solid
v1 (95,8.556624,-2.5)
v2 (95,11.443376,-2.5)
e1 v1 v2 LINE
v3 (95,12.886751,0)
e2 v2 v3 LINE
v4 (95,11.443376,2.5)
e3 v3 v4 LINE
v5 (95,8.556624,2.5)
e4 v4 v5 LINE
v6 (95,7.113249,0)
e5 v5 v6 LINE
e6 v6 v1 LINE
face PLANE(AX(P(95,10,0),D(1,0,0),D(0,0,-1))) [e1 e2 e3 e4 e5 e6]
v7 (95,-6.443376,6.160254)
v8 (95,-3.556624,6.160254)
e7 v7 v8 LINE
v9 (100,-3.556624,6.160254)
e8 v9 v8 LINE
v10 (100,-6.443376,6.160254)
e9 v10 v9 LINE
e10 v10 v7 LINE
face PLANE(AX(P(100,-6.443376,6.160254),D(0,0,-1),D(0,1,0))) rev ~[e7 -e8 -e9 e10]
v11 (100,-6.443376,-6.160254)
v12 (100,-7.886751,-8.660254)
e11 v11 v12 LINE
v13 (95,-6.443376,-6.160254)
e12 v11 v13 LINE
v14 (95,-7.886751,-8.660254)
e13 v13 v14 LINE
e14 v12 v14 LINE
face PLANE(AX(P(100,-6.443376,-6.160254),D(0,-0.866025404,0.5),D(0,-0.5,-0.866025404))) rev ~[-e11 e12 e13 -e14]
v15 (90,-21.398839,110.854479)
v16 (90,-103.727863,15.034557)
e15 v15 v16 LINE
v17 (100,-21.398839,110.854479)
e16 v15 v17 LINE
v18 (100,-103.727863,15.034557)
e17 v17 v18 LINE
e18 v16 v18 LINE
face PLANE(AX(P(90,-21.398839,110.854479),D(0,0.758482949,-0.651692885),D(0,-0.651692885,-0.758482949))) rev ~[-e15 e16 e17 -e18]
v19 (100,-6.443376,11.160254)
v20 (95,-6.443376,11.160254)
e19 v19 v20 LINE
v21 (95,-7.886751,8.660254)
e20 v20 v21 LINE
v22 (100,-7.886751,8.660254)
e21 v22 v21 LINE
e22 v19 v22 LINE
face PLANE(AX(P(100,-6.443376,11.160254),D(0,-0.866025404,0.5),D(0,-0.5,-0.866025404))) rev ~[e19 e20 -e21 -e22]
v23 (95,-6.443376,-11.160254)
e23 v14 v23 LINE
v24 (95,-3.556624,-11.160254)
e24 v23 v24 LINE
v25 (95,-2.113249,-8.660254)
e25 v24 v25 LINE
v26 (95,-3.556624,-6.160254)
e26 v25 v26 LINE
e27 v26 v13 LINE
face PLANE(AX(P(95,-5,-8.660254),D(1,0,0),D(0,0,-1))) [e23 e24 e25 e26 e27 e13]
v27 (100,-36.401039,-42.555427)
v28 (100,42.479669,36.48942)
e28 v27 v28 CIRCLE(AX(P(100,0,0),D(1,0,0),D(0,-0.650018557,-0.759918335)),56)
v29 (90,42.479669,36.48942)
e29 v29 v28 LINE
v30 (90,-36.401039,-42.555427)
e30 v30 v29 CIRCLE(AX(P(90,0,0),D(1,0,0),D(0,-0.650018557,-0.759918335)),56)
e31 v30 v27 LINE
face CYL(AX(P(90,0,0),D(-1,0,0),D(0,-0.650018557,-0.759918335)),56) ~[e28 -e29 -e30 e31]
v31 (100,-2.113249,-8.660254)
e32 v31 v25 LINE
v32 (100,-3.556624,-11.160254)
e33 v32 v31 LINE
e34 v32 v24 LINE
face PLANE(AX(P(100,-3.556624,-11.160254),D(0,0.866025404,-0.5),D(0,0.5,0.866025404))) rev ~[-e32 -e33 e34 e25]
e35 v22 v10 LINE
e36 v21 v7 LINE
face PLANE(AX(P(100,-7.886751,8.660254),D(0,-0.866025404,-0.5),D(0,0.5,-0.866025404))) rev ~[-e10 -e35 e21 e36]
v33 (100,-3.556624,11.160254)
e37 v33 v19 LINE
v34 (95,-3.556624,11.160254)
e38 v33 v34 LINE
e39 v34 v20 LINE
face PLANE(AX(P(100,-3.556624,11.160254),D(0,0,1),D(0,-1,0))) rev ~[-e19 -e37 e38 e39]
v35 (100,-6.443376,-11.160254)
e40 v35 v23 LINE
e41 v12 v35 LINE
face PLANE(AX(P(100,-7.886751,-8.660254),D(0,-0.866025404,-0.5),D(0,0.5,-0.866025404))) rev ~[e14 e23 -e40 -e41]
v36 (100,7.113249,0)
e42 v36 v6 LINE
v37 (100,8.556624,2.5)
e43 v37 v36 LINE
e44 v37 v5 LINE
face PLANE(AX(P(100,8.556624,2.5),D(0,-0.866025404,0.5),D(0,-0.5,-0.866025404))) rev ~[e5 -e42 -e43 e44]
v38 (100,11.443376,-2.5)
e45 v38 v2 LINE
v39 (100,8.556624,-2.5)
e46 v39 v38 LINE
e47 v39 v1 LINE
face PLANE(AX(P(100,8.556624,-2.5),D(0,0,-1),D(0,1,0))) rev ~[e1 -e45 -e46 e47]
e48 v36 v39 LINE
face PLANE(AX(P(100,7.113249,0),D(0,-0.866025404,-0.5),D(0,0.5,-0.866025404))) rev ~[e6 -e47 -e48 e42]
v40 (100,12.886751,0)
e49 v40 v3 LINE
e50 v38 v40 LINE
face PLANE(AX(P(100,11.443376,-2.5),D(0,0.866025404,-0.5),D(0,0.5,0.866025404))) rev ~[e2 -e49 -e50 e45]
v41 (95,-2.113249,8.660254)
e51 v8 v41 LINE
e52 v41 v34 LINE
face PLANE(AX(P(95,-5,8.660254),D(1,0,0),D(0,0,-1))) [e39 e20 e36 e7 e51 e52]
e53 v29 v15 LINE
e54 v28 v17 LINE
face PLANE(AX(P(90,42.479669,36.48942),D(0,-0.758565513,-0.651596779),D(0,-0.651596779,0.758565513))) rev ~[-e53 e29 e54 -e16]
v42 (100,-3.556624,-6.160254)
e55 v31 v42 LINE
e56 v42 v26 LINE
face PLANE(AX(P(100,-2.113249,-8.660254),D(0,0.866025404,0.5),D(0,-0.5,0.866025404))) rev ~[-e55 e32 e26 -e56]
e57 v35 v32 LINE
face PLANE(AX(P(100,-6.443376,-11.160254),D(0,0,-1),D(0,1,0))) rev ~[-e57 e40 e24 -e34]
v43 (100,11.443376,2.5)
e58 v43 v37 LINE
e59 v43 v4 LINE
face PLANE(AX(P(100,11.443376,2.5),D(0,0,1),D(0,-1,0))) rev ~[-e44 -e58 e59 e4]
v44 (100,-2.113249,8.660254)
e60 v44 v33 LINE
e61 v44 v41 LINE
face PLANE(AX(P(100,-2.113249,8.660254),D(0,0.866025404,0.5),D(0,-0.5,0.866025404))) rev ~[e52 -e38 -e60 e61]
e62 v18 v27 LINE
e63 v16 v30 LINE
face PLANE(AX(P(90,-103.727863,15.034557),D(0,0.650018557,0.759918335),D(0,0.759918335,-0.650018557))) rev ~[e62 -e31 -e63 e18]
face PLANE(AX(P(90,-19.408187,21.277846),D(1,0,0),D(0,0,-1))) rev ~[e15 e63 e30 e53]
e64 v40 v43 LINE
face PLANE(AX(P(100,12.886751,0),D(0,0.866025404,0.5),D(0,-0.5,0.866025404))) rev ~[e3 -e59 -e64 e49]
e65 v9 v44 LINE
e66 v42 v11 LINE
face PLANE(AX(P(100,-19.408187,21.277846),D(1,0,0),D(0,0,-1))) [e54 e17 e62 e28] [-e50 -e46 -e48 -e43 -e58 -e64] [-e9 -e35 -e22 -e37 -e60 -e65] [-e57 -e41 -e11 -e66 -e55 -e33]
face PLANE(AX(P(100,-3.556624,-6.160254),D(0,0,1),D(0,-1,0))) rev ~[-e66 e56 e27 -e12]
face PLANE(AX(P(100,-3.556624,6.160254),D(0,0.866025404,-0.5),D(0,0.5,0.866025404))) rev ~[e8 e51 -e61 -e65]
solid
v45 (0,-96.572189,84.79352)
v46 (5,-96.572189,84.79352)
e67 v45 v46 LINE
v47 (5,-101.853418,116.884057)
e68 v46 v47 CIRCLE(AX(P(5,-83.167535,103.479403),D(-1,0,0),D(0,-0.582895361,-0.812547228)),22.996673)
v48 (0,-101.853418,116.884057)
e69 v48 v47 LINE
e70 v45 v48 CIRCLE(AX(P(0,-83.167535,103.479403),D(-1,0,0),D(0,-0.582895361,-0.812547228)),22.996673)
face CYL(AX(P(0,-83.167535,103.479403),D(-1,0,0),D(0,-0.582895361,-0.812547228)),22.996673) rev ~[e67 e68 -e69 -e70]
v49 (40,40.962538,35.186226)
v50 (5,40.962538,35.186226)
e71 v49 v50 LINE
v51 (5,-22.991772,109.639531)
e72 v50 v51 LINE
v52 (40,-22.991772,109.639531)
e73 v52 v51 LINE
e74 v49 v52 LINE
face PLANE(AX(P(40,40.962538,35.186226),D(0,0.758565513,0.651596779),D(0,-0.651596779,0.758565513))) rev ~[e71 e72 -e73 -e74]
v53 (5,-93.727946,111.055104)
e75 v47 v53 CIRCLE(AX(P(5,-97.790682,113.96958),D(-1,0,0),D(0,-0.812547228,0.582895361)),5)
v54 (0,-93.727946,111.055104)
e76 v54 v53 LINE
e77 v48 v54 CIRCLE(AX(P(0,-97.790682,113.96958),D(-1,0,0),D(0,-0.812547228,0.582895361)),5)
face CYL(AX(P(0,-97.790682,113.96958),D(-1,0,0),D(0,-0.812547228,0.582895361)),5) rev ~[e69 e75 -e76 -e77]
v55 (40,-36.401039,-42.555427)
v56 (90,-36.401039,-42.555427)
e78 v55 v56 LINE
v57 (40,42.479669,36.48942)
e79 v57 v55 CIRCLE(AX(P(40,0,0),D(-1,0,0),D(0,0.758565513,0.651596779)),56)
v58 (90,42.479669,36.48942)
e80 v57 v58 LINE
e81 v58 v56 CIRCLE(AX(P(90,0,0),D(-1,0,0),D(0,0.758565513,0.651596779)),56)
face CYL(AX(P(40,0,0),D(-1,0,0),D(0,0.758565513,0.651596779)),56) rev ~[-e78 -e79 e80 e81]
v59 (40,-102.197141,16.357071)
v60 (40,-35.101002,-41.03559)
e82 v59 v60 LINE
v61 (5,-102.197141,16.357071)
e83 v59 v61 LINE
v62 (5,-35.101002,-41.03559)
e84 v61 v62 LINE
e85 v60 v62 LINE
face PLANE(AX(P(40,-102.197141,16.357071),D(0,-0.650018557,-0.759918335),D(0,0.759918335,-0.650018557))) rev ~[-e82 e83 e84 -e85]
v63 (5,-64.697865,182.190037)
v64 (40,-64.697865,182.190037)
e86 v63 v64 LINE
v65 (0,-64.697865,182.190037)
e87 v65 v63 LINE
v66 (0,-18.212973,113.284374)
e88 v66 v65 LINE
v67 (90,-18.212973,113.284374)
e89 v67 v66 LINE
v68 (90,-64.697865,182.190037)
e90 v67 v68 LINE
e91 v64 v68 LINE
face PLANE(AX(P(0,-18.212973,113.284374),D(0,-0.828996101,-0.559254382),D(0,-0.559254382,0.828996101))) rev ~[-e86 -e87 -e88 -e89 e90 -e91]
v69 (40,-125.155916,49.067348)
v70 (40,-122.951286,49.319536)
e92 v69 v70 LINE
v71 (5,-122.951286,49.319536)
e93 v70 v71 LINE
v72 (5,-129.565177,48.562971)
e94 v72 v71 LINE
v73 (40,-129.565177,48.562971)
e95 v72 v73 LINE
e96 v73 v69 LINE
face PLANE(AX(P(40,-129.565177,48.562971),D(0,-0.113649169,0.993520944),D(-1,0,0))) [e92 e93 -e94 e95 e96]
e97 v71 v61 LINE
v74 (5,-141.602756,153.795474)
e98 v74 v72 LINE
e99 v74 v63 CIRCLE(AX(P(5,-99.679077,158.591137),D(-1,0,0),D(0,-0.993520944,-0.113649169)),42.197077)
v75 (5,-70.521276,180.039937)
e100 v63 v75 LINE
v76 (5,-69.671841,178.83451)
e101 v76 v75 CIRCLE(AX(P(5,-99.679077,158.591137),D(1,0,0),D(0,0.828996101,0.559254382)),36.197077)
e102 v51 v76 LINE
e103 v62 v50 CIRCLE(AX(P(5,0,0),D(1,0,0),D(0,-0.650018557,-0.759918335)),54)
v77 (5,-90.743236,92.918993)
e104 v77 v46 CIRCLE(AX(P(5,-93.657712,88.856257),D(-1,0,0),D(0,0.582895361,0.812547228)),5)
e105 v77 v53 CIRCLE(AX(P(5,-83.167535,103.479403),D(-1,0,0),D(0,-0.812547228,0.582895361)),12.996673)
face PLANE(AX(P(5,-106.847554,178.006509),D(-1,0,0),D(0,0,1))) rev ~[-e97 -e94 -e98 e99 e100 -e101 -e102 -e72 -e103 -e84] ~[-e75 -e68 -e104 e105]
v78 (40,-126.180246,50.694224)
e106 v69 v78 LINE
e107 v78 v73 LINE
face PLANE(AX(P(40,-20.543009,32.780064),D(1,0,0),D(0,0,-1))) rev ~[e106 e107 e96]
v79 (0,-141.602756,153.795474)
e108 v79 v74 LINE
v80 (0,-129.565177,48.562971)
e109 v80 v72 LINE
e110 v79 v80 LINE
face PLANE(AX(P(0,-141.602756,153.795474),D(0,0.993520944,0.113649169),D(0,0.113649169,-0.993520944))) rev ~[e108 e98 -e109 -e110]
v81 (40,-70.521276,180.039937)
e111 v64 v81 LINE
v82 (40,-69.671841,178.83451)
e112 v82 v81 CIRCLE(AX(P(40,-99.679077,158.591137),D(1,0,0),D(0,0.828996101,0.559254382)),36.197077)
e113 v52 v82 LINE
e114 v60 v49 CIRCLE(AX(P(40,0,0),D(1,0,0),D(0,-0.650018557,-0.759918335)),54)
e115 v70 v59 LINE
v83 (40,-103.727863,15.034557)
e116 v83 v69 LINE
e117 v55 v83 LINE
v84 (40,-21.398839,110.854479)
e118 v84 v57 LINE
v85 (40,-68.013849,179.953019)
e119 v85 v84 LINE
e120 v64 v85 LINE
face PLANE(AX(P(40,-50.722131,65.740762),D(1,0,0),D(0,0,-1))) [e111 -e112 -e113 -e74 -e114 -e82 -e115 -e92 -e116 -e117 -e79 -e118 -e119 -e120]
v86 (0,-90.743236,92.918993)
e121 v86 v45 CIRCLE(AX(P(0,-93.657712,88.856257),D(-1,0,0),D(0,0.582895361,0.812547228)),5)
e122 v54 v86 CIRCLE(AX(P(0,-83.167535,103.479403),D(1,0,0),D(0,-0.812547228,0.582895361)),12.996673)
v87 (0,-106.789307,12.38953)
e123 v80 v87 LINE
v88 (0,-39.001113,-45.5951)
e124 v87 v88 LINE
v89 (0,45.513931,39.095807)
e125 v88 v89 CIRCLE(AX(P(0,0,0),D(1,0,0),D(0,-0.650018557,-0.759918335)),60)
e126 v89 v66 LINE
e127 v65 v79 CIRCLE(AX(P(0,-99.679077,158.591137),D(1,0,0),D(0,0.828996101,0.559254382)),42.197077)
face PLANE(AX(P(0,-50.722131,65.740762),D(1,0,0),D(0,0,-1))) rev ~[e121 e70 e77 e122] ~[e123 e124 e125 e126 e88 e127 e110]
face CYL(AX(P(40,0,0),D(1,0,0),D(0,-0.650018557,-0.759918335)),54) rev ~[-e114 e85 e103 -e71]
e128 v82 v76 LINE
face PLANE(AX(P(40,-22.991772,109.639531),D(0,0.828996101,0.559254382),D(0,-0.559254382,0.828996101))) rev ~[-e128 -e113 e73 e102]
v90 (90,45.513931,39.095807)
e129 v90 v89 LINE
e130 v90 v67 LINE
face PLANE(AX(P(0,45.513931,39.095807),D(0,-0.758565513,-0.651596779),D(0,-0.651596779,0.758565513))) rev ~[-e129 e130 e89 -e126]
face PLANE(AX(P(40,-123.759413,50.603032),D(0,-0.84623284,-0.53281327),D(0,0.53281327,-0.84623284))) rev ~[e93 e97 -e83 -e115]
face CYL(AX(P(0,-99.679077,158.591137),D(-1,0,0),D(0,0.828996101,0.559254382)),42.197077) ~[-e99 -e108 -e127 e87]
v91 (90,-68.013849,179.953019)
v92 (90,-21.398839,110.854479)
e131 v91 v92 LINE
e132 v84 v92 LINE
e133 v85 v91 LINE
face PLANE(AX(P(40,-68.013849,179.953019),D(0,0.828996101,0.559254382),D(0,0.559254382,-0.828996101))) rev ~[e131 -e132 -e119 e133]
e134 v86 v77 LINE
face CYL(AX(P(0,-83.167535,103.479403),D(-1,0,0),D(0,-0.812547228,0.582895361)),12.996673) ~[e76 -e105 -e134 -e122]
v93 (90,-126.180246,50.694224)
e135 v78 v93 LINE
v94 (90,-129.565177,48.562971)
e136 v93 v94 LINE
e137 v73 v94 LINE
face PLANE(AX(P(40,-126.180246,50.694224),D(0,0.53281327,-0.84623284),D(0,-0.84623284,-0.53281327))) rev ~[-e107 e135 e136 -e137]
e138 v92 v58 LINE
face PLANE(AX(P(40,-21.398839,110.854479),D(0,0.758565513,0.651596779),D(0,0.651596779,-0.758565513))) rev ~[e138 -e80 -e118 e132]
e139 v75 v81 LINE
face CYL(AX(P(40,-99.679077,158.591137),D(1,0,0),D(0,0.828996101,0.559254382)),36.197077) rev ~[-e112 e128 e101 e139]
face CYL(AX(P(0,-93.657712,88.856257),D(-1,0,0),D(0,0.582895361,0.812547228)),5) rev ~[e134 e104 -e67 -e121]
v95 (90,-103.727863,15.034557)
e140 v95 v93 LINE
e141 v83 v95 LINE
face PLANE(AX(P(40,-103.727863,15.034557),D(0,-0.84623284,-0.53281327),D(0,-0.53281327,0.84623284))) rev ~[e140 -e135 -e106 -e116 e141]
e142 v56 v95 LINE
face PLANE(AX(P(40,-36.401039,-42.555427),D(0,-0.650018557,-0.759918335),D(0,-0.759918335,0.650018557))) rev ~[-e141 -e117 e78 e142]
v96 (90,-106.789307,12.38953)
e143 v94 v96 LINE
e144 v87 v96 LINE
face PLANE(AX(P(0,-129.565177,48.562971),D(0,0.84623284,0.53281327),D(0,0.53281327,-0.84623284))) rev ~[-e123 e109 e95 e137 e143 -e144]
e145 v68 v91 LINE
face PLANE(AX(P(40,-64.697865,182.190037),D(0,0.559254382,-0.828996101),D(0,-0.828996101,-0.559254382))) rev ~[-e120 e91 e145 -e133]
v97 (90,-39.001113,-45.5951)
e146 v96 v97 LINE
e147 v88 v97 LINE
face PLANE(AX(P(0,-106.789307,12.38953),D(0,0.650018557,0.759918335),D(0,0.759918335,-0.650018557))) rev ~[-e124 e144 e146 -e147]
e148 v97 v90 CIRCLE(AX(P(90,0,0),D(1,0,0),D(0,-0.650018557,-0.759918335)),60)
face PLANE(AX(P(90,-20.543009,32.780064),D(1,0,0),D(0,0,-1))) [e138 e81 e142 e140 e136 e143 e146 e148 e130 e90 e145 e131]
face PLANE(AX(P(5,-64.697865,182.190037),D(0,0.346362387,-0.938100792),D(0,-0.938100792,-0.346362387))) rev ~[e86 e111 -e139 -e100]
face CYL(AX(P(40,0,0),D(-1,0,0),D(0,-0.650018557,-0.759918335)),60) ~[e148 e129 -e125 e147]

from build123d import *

# Parameters (mm, degrees)
EXTRUDE_1_DEPTH      = 40
CUT_EXTRUDE_4_DEPTH  = 35
SKETCH_7_W           = 35
SKETCH_7_H           = 105.918756423
CUT_EXTRUDE_5_DEPTH  = 15
CUT_EXTRUDE_START    = -35
CUT_EXTRUDE_9_DEPTH  = 35
CUT_EXTRUDE_10_DEPTH = 35
CUT_EXTRUDE_11_DEPTH = 10
EXTRUDE_1_2_DEPTH    = 50
EXTRUDE_2_DEPTH      = 10
CUT_EXTRUDE_12_DEPTH = 5


with BuildPart() as part:
    # 草图3 → Extrude 1 (new body)
    with BuildSketch(Plane(origin=(0, 0, 0), x_dir=(0, 0, -1), z_dir=(1, 0, 0))):
        with BuildLine():
            Line((-39.095806766, 45.513930761), (-113.284374472, -18.21297348))
            Line((-113.284374472, -18.21297348), (-182.19003676, -64.697864694))
            ThreePointArc((-182.19003676, -64.697864694), (-198.176247728, -114.294556788), (-153.795474112, -141.602755941))
            Line((-153.795474112, -141.602755941), (-48.562971232, -129.565177285))
            Line((-48.562971232, -129.565177285), (-12.389530407, -106.789307136))
            Line((-12.389530407, -106.789307136), (45.595100093, -39.001113414))
            ThreePointArc((45.595100093, -39.001113414), (42.382288475, 42.470479437), (-39.095806766, 45.513930761))
        make_face()
    extrude(amount=EXTRUDE_1_DEPTH)

    # 草图6 → 切除-拉伸4 (cut)
    with BuildSketch(Plane(origin=(40, 0, 0), x_dir=(0, 0, -1), z_dir=(1, 0, 0))):
        with BuildLine():
            Line((-35.186226089, 40.962537685), (-109.639530952, -22.991771937))
            Line((-109.639530952, -22.991771937), (-178.834510467, -69.671841302))
            ThreePointArc((-178.834510467, -69.671841302), (-192.547642974, -112.216382465), (-154.477369126, -135.641630276))
            Line((-154.477369126, -135.641630276), (-50.603031616, -123.759412579))
            Line((-50.603031616, -123.759412579), (-16.357071017, -102.19714109))
            Line((-16.357071017, -102.19714109), (41.035590084, -35.101002072))
            ThreePointArc((41.035590084, -35.101002072), (38.144059628, 38.223431493), (-35.186226089, 40.962537685))
        make_face()
    extrude(amount=-CUT_EXTRUDE_4_DEPTH, mode=Mode.SUBTRACT)

    # 草图7 → 切除-拉伸5 (cut)
    with BuildSketch(Plane(origin=(0, -122.40831364, -14.002324977), x_dir=(-1, 0, 0), z_dir=(0, -0.9935209441032395, -0.11364916906078788))):
        with Locations((-22.5, -115.932681977)):
            Rectangle(SKETCH_7_W, SKETCH_7_H)
    extrude(amount=-CUT_EXTRUDE_5_DEPTH, mode=Mode.SUBTRACT)

    # 草图10 → 切除-拉伸9 (cut)
    with BuildSketch(Plane(origin=(40, 0, 0), x_dir=(0, 0, -1), z_dir=(1, 0, 0)).offset(CUT_EXTRUDE_START)):
        with BuildLine():
            Line((-182.19003676, -64.697864694), (-153.795474112, -141.602755941))
            ThreePointArc((-153.795474112, -141.602755941), (-198.176247728, -114.294556788), (-182.19003676, -64.697864694))
        make_face()
    extrude(amount=CUT_EXTRUDE_9_DEPTH, mode=Mode.SUBTRACT)

    # 草图11 → 切除-拉伸10 (cut)
    with BuildSketch(Plane(origin=(40, 0, 0), x_dir=(0, 0, -1), z_dir=(1, 0, 0))):
        with BuildLine():
            Line((-153.795474112, -141.602755941), (-155.945574258, -135.779344608))
            ThreePointArc((-155.945574258, -135.779344608), (-155.210770318, -135.717964955), (-154.477369126, -135.641630276))
            Line((-154.477369126, -135.641630276), (-153.795474112, -141.602755941))
        make_face()
    extrude(amount=-CUT_EXTRUDE_10_DEPTH, mode=Mode.SUBTRACT)

    # 草图12 → 切除-拉伸11 (cut)
    with BuildSketch(Plane.ZY):
        with BuildLine():
            ThreePointArc((84.793520473, -96.572189119), (99.745010507, -105.858971316), (116.884057166, -101.853417992))
            ThreePointArc((116.884057166, -101.853417992), (118.032316505, -94.876205046), (111.055103559, -93.727945707))
            ThreePointArc((111.055103559, -93.727945707), (101.368894437, -95.991702141), (92.918992758, -90.743235512))
            ThreePointArc((92.918992758, -90.743235512), (85.941779812, -89.594976173), (84.793520473, -96.572189119))
        make_face()
    extrude(amount=-CUT_EXTRUDE_11_DEPTH, mode=Mode.SUBTRACT)

    # 草图14 → Extrude 1 2 (add)
    with BuildSketch(Plane(origin=(40, 0, 0), x_dir=(0, 0, -1), z_dir=(1, 0, 0))):
        with BuildLine():
            Line((-49.319536319, -122.95128591), (-16.357071017, -102.19714109))
            Line((-16.357071017, -102.19714109), (41.035590084, -35.101002072))
            ThreePointArc((41.035590084, -35.101002072), (38.144059628, 38.223431493), (-35.186226089, 40.962537685))
            Line((-35.186226089, 40.962537685), (-109.639530952, -22.991771937))
            Line((-109.639530952, -22.991771937), (-178.834510467, -69.671841302))
            Line((-178.834510467, -69.671841302), (-176.597492938, -72.987825708))
            Line((-176.597492938, -72.987825708), (-107.209635272, -26.177637574))
            Line((-107.209635272, -26.177637574), (-32.579838971, 37.928275634))
            ThreePointArc((-32.579838971, 37.928275634), (35.31857373, 35.392066197), (37.995916744, -32.500927845))
            Line((37.995916744, -32.500927845), (-19.00209809, -99.13569706))
            Line((-19.00209809, -99.13569706), (-51.450789398, -119.56635455))
            Line((-51.450789398, -119.56635455), (-49.319536319, -122.95128591))
        make_face()
        with BuildLine():
            Line((-48.562971232, -129.565177285), (-12.389530407, -106.789307136))
            Line((-12.389530407, -106.789307136), (45.595100093, -39.001113414))
            ThreePointArc((45.595100093, -39.001113414), (42.382288475, 42.470479437), (-39.095806766, 45.513930761))
            Line((-39.095806766, 45.513930761), (-113.284374472, -18.21297348))
            Line((-113.284374472, -18.21297348), (-182.19003676, -64.697864694))
            Line((-182.19003676, -64.697864694), (-179.953019231, -68.0138491))
            Line((-179.953019231, -68.0138491), (-110.854478792, -21.398839118))
            Line((-110.854478792, -21.398839118), (-36.489419648, 42.47966871))
            ThreePointArc((-36.489419648, 42.47966871), (39.556802577, 39.639114141), (42.555426753, -36.401039186))
            Line((42.555426753, -36.401039186), (-15.03455748, -103.727863106))
            Line((-15.03455748, -103.727863106), (-50.694224311, -126.180245925))
            Line((-50.694224311, -126.180245925), (-48.562971232, -129.565177285))
        make_face()
    extrude(amount=EXTRUDE_1_2_DEPTH)


with BuildPart() as extrude_1_2_kept_piece:
    # of the separate pieces the step leaves, the one the design keeps (extrude_1_2_pieces_kept)
    add(part.part.solids().sort_by_distance((90, 45.513930761, 39.095806766))[0])


with BuildPart() as body_2:
    # 草图15 → 凸台-拉伸2 (new body)
    with BuildSketch(Plane(origin=(90, 0, 0), x_dir=(0, 0, -1), z_dir=(1, 0, 0))):
        with BuildLine():
            Line((-15.03455748, -103.727863106), (42.555426753, -36.401039186))
            ThreePointArc((42.555426753, -36.401039186), (39.556802577, 39.639114141), (-36.489419648, 42.47966871))
            Line((-36.489419648, 42.47966871), (-110.854478792, -21.398839118))
            Line((-110.854478792, -21.398839118), (-15.03455748, -103.727863106))
        make_face()
    extrude(amount=EXTRUDE_2_DEPTH)

    # 草图16 → 切除-拉伸12 (cut)
    with BuildSketch(Plane(origin=(100, 0, 0), x_dir=(0, 0, -1), z_dir=(1, 0, 0))):
        Polygon((6.160254038, -3.556624327), (6.160254038, -6.443375673), (8.660254038, -7.886751346), (11.160254038, -6.443375673), (11.160254038, -3.556624327), (8.660254038, -2.113248654), align=None)
        Polygon((0, 7.113248654), (2.5, 8.556624327), (2.5, 11.443375673), (0, 12.886751346), (-2.5, 11.443375673), (-2.5, 8.556624327), align=None)
        Polygon((-6.160254038, -3.556624327), (-8.660254038, -2.113248654), (-11.160254038, -3.556624327), (-11.160254038, -6.443375673), (-8.660254038, -7.886751346), (-6.160254038, -6.443375673), align=None)
    extrude(amount=-CUT_EXTRUDE_12_DEPTH, mode=Mode.SUBTRACT)


solid = Compound([extrude_1_2_kept_piece.part, body_2.part])
